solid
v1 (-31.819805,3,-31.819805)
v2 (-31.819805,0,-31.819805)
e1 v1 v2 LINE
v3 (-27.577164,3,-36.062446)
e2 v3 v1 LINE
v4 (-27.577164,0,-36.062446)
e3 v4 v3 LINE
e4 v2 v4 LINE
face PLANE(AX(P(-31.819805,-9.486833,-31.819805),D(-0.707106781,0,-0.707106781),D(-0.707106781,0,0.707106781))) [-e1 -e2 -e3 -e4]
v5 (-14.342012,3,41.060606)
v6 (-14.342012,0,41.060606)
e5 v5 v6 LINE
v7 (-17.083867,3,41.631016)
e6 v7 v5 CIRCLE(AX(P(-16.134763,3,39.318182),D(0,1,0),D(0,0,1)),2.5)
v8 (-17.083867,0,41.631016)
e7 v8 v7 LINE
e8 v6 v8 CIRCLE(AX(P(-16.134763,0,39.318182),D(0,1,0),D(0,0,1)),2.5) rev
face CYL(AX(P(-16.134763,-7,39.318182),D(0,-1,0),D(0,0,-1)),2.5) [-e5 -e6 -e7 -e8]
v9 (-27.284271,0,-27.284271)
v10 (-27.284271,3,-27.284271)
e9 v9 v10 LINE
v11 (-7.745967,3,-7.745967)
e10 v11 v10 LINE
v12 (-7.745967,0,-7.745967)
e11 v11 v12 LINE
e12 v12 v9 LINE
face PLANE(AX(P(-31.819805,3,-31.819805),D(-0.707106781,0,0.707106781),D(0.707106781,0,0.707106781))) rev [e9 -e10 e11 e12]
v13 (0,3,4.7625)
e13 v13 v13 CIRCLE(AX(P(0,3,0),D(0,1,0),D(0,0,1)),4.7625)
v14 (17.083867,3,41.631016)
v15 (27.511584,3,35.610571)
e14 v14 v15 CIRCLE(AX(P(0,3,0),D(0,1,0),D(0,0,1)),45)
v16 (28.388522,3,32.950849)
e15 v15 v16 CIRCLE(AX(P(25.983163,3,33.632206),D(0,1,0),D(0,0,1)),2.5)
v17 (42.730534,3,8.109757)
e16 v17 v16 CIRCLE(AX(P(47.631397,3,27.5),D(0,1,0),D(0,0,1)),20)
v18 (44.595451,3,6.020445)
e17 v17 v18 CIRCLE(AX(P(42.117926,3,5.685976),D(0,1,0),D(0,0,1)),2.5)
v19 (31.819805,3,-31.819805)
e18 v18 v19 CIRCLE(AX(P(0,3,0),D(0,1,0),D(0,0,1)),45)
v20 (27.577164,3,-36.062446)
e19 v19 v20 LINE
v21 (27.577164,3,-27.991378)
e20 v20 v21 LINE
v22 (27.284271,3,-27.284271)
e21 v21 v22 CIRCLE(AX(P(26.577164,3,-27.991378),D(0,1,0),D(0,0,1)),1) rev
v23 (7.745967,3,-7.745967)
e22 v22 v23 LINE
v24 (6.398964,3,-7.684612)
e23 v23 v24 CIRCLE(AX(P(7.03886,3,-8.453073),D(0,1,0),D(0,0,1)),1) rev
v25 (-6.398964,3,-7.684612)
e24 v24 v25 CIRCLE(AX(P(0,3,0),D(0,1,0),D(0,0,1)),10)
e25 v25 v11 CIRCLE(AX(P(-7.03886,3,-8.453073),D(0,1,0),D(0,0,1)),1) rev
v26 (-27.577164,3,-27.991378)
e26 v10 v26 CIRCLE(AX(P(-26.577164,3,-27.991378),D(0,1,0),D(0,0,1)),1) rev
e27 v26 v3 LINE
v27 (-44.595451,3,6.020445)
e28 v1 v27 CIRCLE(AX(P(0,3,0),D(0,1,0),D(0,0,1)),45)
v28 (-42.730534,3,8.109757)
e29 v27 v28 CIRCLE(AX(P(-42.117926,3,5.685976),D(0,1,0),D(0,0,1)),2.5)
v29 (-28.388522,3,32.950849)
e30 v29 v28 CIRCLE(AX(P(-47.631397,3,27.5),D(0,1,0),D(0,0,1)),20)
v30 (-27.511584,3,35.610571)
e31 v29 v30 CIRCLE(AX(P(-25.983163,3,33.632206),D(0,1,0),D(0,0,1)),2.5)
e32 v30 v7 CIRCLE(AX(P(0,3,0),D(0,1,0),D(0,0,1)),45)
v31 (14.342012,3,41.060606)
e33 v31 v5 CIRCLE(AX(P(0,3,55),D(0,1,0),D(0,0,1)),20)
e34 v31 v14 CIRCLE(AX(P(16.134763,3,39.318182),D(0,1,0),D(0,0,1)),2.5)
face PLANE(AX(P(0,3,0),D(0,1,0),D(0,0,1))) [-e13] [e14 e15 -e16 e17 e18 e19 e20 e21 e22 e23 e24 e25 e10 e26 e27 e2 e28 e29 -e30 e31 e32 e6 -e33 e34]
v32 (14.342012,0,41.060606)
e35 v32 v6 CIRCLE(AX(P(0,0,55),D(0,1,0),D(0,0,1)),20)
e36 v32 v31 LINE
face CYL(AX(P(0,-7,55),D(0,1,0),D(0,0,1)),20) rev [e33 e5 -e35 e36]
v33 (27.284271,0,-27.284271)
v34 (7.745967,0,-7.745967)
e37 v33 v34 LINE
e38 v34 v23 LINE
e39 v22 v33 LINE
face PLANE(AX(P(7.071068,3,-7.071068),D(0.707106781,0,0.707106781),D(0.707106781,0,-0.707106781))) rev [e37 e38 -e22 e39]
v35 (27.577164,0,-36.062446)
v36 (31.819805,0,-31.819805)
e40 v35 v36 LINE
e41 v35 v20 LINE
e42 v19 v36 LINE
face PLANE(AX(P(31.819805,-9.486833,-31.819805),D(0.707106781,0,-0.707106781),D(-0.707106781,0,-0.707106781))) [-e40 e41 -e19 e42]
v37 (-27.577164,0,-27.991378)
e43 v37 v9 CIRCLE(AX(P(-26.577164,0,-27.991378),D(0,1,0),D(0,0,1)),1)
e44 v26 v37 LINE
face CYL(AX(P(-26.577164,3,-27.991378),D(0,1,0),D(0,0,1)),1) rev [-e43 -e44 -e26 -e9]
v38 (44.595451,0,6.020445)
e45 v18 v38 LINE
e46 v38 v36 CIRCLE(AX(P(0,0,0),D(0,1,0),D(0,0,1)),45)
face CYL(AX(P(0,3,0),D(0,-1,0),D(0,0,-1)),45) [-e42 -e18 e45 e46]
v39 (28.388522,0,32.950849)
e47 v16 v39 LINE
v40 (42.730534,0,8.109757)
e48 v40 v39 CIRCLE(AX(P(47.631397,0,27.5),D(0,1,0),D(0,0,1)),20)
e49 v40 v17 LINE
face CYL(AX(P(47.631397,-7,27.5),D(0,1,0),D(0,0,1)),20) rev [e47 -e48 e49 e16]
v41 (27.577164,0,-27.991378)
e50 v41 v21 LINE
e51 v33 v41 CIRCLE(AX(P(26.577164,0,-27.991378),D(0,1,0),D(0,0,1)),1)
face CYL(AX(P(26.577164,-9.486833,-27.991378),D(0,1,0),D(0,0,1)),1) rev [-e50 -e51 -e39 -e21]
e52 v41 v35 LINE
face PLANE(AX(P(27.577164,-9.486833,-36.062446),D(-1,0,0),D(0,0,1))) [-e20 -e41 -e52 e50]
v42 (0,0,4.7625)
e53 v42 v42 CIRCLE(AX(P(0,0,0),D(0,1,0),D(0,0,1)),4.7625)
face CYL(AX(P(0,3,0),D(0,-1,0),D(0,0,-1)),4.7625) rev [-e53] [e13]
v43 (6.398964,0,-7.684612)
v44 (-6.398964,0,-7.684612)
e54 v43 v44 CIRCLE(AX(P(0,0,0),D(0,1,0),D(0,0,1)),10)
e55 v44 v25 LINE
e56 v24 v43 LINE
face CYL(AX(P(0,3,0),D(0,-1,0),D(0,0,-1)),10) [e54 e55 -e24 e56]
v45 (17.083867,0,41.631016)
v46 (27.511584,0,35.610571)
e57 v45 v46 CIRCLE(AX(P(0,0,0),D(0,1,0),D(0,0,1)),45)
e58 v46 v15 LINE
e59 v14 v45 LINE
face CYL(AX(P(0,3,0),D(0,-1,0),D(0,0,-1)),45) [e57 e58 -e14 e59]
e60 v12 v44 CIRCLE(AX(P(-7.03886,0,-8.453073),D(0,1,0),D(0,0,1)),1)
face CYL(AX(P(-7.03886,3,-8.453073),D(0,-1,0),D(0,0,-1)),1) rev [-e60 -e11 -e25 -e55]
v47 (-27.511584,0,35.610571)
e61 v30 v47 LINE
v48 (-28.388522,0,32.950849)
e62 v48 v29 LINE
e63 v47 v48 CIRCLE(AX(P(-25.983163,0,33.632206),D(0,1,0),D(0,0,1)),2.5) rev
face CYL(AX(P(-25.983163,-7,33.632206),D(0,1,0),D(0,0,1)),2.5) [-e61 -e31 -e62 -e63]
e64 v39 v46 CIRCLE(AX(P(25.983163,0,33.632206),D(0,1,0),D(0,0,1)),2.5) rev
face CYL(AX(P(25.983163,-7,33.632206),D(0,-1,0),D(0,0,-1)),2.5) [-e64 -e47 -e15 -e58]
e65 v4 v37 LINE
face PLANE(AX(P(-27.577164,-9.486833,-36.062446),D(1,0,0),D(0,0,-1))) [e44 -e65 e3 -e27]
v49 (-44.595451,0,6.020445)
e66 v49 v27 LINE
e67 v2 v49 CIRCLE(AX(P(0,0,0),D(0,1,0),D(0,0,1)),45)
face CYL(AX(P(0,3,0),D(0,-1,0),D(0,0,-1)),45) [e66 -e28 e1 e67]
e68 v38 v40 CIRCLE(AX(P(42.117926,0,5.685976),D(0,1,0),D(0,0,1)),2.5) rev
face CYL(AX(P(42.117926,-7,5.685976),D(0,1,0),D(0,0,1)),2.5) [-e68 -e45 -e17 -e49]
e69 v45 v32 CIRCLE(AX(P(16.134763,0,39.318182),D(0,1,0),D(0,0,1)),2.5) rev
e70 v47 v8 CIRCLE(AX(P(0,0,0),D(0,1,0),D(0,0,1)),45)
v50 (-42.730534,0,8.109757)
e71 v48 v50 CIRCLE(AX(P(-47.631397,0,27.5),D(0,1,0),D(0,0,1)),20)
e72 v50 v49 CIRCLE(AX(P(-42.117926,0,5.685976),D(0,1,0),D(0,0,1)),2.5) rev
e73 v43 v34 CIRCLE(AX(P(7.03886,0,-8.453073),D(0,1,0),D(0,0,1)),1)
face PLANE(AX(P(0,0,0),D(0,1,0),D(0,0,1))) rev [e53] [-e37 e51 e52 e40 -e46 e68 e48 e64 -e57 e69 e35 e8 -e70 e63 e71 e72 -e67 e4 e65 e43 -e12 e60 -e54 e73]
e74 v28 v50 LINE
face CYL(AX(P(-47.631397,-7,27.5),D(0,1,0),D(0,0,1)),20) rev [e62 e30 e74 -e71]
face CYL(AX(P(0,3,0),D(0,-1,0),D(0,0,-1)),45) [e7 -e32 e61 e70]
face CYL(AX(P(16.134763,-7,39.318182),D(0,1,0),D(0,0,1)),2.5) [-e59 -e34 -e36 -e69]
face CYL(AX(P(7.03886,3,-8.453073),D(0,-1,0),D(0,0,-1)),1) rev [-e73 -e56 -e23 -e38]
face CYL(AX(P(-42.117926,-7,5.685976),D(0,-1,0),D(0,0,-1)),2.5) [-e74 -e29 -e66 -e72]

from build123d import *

# Parameters (mm, degrees)
SKETCH1_R           = 4.7625
BOSS_EXTRUDE1_DEPTH = 3
BOSS_EXTRUDE2_DEPTH = 3
FILLET1_R           = 1
SKETCH4_R           = 20
CUT_EXTRUDE1_DEPTH  = 10
FILLET2_R           = 2.5


with BuildPart() as part:
    # Sketch1 → Boss-Extrude1 (new body)
    with BuildSketch(Plane(origin=(0, 0, 0), x_dir=(1, 0, 0), z_dir=(0, 1, 0))):
        with BuildLine():
            Line((-31.819805153, 31.819805153), (-7.071067812, 7.071067812))
            ThreePointArc((-7.071067812, 7.071067812), (0, 10), (7.071067812, 7.071067812))
            Line((7.071067812, 7.071067812), (31.819805153, 31.819805153))
            ThreePointArc((31.819805153, 31.819805153), (0, -45), (-31.819805153, 31.819805153))
        make_face()
        Circle(SKETCH1_R, mode=Mode.SUBTRACT)
    extrude(amount=BOSS_EXTRUDE1_DEPTH)

    # Sketch3 → Boss-Extrude2 (add)
    with BuildSketch(Plane(origin=(0, 3, 0), x_dir=(1, 0, 0), z_dir=(0, 1, 0))):
        Polygon((-31.819805153, 31.819805153), (-27.577164466, 36.062445841), (-27.577164466, 27.577164466), align=None)
        Polygon((27.577164466, 27.577164466), (31.819805153, 31.819805153), (27.577164466, 36.062445841), align=None)
    extrude(amount=-BOSS_EXTRUDE2_DEPTH)

    # Fillet1
    fillet1_edges = [part.edges().sort_by_distance(p)[0] for p in [
        (-27.577164466, 1.5, -27.577164466),
        (27.577164466, 1.5, -27.577164466),
        (7.071067812, 1.5, -7.071067812),
        (-7.071067812, 1.5, -7.071067812),
    ]]
    fillet(fillet1_edges, radius=FILLET1_R)

    # Sketch4 → Cut-Extrude1 (cut)
    with BuildSketch(Plane(origin=(0, 3, 0), x_dir=(1, 0, 0), z_dir=(0, 1, 0))):
        with Locations((-47.631397208, -27.5)):
            Circle(SKETCH4_R)
        with Locations((47.631397208, -27.5)):
            Circle(SKETCH4_R)
        with Locations((0, -55)):
            Circle(SKETCH4_R)
    extrude(amount=-CUT_EXTRUDE1_DEPTH, mode=Mode.SUBTRACT)

    # Fillet2
    fillet2_edges = [part.edges().sort_by_distance(p)[0] for p in [
        (15.427784317, 1.5, 42.272727273),
        (-15.427784317, 1.5, 42.272727273),
        (44.323147864, 1.5, 7.775510494),
        (28.895363547, 1.5, 34.497216779),
        (-28.895363547, 1.5, 34.497216779),
        (-44.323147864, 1.5, 7.775510494),
    ]]
    fillet(fillet2_edges, radius=FILLET2_R)


solid = part.part
